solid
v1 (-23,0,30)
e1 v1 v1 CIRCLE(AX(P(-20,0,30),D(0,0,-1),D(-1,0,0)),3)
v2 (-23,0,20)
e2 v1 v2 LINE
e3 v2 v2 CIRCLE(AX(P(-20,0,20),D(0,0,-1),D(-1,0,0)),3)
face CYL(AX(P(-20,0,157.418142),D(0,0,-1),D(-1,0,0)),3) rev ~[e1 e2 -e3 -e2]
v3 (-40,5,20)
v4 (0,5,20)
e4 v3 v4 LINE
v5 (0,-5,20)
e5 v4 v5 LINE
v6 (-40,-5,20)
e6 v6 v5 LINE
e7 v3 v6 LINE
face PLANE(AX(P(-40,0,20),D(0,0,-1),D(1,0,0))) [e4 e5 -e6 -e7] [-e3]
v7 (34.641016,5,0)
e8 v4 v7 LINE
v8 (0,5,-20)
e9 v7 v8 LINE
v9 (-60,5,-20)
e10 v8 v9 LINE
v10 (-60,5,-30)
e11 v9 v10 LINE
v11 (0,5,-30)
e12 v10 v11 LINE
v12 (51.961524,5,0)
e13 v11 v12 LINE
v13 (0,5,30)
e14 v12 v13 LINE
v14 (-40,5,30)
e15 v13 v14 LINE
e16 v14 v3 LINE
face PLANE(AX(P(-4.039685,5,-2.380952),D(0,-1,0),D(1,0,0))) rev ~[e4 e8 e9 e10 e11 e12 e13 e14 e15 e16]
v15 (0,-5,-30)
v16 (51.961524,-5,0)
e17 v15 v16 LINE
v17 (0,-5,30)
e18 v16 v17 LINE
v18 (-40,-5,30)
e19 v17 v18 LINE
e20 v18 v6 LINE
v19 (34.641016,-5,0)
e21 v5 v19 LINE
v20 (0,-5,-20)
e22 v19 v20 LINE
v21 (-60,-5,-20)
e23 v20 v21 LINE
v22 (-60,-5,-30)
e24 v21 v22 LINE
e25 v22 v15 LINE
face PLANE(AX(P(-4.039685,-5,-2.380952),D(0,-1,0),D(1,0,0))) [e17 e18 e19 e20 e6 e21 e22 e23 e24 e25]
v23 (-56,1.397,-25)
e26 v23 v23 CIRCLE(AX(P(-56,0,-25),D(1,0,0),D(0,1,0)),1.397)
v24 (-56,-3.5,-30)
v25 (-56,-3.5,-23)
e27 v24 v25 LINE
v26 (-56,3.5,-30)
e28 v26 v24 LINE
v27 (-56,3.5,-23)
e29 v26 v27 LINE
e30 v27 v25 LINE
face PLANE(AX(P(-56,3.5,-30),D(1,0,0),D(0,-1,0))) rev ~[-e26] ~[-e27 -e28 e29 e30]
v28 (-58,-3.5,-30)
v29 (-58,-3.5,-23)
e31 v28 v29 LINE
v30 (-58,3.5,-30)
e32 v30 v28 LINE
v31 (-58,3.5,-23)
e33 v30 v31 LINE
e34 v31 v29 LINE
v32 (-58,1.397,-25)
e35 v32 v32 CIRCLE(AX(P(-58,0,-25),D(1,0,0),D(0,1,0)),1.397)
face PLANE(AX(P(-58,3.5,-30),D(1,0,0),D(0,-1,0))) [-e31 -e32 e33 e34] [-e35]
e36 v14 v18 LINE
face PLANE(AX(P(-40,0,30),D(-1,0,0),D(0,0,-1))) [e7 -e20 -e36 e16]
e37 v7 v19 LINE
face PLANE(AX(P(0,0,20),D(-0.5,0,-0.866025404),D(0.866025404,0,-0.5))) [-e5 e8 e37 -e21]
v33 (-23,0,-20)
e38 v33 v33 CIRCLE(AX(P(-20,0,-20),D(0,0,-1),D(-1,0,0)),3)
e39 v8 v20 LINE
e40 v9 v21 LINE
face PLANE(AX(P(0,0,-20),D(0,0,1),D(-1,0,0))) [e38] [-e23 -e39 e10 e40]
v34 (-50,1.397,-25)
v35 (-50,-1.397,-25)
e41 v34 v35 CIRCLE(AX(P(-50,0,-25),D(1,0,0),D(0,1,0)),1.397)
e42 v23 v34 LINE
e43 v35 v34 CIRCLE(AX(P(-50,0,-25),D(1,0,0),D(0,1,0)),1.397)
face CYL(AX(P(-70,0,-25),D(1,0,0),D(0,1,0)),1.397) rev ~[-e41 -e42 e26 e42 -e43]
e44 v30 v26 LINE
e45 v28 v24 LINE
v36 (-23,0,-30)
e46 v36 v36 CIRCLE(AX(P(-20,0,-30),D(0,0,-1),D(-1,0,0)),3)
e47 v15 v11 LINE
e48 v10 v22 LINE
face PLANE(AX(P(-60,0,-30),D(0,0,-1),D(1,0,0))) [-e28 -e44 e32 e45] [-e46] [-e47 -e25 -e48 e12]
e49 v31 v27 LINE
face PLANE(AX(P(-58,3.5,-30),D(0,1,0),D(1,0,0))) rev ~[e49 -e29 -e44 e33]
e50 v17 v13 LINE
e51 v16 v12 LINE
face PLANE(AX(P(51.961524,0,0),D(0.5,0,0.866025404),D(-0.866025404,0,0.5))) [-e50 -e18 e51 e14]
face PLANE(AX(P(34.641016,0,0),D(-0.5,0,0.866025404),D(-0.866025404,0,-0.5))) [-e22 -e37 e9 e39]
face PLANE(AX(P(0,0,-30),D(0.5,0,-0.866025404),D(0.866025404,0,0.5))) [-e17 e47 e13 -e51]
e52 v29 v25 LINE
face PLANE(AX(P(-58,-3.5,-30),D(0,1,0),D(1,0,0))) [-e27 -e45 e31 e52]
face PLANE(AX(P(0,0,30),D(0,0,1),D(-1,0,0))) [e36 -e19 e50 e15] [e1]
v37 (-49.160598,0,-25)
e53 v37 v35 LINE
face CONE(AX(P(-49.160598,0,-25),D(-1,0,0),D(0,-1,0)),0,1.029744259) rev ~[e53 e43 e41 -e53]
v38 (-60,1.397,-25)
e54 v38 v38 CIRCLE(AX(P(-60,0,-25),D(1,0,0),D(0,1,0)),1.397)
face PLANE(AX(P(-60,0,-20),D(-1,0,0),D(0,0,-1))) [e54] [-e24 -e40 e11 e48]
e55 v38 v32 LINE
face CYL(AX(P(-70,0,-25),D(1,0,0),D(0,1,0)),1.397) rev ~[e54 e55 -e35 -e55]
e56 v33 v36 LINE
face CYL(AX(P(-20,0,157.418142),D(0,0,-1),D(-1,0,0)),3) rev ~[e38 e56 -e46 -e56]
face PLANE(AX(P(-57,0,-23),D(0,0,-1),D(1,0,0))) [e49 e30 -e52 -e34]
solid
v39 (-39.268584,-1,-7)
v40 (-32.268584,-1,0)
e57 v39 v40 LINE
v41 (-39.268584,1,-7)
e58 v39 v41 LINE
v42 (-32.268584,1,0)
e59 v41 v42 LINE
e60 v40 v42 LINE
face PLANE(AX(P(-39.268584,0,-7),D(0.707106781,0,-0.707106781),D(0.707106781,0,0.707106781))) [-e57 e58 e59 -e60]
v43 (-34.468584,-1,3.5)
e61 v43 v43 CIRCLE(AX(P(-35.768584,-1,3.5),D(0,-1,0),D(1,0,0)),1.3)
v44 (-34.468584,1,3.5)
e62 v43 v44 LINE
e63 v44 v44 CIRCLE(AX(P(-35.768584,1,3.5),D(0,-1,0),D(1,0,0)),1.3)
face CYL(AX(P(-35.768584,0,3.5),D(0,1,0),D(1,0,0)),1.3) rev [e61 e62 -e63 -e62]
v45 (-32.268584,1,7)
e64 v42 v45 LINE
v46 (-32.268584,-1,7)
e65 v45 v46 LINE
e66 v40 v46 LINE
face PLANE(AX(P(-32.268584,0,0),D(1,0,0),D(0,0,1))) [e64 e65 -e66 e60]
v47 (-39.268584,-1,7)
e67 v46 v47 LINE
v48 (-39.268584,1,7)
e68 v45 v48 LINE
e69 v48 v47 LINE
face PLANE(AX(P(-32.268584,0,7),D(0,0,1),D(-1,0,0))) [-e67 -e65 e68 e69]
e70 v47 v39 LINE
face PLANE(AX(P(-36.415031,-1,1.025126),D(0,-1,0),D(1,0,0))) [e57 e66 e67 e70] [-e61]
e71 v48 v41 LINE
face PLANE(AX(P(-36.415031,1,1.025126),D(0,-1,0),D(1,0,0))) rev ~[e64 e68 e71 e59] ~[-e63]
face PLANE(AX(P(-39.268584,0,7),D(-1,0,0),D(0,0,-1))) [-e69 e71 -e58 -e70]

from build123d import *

# Parameters (mm, degrees)
F1_DEPTH = 5
F2_W     = 2
F2_H     = 7
F3_DEPTH = 7
F5_D     = 2.794
F5_DEPTH = 10
F5_TIP   = 0.8394022848
F7_D     = 6
F8_R     = 1.3
F9_DEPTH = 1


with BuildPart() as f1:
    # F0 (on Front) → F1 (new body, symmetric)
    with BuildSketch(Plane.XZ):
        Polygon((0, 30), (-40, 30), (-40, 20), (0, 20), (34.6410161514, 0), (0, -20), (-60, -20), (-60, -30), (0, -30), (51.9615242271, 0), align=None)
    extrude(amount=F1_DEPTH, both=True)

    # F2 (on face) → F3 (cut)
    with BuildSketch(Plane(origin=(0, 0, -30), x_dir=(1, 0, 0), z_dir=(0, 0, -1))):
        with Locations((-57, 0)):
            Rectangle(F2_W, F2_H)
    extrude(amount=-F3_DEPTH, mode=Mode.SUBTRACT)

    # F5
    with Locations(Plane(origin=(-60, 0, 0), x_dir=(0, -1, 0), z_dir=(-1, 0, 0))):
        with Locations((0, -25)):
            Hole(F5_D / 2, depth=F5_DEPTH)
            with Locations((0, 0, -(F5_DEPTH + F5_TIP / 2))):  # 118° drill point
                Cone(0, F5_D / 2, F5_TIP, mode=Mode.SUBTRACT)

    # F7 (through all)
    with Locations(Plane.XY.offset(30)):
        with Locations((-20, 0)):
            Hole(F7_D / 2)


with BuildPart() as f9:
    # F8 (on Front) → F9 (new body, symmetric)
    with BuildSketch(Plane.XZ):
        Polygon((-32.2685841207, 0), (-32.2685841207, 7), (-39.2685841207, 7), (-39.2685841207, 0), (-39.2685841207, -7), align=None)
        with Locations((-35.7685841207, 3.5)):
            Circle(F8_R, mode=Mode.SUBTRACT)
    extrude(amount=F9_DEPTH, both=True)


solid = Compound([f1.part, f9.part])
